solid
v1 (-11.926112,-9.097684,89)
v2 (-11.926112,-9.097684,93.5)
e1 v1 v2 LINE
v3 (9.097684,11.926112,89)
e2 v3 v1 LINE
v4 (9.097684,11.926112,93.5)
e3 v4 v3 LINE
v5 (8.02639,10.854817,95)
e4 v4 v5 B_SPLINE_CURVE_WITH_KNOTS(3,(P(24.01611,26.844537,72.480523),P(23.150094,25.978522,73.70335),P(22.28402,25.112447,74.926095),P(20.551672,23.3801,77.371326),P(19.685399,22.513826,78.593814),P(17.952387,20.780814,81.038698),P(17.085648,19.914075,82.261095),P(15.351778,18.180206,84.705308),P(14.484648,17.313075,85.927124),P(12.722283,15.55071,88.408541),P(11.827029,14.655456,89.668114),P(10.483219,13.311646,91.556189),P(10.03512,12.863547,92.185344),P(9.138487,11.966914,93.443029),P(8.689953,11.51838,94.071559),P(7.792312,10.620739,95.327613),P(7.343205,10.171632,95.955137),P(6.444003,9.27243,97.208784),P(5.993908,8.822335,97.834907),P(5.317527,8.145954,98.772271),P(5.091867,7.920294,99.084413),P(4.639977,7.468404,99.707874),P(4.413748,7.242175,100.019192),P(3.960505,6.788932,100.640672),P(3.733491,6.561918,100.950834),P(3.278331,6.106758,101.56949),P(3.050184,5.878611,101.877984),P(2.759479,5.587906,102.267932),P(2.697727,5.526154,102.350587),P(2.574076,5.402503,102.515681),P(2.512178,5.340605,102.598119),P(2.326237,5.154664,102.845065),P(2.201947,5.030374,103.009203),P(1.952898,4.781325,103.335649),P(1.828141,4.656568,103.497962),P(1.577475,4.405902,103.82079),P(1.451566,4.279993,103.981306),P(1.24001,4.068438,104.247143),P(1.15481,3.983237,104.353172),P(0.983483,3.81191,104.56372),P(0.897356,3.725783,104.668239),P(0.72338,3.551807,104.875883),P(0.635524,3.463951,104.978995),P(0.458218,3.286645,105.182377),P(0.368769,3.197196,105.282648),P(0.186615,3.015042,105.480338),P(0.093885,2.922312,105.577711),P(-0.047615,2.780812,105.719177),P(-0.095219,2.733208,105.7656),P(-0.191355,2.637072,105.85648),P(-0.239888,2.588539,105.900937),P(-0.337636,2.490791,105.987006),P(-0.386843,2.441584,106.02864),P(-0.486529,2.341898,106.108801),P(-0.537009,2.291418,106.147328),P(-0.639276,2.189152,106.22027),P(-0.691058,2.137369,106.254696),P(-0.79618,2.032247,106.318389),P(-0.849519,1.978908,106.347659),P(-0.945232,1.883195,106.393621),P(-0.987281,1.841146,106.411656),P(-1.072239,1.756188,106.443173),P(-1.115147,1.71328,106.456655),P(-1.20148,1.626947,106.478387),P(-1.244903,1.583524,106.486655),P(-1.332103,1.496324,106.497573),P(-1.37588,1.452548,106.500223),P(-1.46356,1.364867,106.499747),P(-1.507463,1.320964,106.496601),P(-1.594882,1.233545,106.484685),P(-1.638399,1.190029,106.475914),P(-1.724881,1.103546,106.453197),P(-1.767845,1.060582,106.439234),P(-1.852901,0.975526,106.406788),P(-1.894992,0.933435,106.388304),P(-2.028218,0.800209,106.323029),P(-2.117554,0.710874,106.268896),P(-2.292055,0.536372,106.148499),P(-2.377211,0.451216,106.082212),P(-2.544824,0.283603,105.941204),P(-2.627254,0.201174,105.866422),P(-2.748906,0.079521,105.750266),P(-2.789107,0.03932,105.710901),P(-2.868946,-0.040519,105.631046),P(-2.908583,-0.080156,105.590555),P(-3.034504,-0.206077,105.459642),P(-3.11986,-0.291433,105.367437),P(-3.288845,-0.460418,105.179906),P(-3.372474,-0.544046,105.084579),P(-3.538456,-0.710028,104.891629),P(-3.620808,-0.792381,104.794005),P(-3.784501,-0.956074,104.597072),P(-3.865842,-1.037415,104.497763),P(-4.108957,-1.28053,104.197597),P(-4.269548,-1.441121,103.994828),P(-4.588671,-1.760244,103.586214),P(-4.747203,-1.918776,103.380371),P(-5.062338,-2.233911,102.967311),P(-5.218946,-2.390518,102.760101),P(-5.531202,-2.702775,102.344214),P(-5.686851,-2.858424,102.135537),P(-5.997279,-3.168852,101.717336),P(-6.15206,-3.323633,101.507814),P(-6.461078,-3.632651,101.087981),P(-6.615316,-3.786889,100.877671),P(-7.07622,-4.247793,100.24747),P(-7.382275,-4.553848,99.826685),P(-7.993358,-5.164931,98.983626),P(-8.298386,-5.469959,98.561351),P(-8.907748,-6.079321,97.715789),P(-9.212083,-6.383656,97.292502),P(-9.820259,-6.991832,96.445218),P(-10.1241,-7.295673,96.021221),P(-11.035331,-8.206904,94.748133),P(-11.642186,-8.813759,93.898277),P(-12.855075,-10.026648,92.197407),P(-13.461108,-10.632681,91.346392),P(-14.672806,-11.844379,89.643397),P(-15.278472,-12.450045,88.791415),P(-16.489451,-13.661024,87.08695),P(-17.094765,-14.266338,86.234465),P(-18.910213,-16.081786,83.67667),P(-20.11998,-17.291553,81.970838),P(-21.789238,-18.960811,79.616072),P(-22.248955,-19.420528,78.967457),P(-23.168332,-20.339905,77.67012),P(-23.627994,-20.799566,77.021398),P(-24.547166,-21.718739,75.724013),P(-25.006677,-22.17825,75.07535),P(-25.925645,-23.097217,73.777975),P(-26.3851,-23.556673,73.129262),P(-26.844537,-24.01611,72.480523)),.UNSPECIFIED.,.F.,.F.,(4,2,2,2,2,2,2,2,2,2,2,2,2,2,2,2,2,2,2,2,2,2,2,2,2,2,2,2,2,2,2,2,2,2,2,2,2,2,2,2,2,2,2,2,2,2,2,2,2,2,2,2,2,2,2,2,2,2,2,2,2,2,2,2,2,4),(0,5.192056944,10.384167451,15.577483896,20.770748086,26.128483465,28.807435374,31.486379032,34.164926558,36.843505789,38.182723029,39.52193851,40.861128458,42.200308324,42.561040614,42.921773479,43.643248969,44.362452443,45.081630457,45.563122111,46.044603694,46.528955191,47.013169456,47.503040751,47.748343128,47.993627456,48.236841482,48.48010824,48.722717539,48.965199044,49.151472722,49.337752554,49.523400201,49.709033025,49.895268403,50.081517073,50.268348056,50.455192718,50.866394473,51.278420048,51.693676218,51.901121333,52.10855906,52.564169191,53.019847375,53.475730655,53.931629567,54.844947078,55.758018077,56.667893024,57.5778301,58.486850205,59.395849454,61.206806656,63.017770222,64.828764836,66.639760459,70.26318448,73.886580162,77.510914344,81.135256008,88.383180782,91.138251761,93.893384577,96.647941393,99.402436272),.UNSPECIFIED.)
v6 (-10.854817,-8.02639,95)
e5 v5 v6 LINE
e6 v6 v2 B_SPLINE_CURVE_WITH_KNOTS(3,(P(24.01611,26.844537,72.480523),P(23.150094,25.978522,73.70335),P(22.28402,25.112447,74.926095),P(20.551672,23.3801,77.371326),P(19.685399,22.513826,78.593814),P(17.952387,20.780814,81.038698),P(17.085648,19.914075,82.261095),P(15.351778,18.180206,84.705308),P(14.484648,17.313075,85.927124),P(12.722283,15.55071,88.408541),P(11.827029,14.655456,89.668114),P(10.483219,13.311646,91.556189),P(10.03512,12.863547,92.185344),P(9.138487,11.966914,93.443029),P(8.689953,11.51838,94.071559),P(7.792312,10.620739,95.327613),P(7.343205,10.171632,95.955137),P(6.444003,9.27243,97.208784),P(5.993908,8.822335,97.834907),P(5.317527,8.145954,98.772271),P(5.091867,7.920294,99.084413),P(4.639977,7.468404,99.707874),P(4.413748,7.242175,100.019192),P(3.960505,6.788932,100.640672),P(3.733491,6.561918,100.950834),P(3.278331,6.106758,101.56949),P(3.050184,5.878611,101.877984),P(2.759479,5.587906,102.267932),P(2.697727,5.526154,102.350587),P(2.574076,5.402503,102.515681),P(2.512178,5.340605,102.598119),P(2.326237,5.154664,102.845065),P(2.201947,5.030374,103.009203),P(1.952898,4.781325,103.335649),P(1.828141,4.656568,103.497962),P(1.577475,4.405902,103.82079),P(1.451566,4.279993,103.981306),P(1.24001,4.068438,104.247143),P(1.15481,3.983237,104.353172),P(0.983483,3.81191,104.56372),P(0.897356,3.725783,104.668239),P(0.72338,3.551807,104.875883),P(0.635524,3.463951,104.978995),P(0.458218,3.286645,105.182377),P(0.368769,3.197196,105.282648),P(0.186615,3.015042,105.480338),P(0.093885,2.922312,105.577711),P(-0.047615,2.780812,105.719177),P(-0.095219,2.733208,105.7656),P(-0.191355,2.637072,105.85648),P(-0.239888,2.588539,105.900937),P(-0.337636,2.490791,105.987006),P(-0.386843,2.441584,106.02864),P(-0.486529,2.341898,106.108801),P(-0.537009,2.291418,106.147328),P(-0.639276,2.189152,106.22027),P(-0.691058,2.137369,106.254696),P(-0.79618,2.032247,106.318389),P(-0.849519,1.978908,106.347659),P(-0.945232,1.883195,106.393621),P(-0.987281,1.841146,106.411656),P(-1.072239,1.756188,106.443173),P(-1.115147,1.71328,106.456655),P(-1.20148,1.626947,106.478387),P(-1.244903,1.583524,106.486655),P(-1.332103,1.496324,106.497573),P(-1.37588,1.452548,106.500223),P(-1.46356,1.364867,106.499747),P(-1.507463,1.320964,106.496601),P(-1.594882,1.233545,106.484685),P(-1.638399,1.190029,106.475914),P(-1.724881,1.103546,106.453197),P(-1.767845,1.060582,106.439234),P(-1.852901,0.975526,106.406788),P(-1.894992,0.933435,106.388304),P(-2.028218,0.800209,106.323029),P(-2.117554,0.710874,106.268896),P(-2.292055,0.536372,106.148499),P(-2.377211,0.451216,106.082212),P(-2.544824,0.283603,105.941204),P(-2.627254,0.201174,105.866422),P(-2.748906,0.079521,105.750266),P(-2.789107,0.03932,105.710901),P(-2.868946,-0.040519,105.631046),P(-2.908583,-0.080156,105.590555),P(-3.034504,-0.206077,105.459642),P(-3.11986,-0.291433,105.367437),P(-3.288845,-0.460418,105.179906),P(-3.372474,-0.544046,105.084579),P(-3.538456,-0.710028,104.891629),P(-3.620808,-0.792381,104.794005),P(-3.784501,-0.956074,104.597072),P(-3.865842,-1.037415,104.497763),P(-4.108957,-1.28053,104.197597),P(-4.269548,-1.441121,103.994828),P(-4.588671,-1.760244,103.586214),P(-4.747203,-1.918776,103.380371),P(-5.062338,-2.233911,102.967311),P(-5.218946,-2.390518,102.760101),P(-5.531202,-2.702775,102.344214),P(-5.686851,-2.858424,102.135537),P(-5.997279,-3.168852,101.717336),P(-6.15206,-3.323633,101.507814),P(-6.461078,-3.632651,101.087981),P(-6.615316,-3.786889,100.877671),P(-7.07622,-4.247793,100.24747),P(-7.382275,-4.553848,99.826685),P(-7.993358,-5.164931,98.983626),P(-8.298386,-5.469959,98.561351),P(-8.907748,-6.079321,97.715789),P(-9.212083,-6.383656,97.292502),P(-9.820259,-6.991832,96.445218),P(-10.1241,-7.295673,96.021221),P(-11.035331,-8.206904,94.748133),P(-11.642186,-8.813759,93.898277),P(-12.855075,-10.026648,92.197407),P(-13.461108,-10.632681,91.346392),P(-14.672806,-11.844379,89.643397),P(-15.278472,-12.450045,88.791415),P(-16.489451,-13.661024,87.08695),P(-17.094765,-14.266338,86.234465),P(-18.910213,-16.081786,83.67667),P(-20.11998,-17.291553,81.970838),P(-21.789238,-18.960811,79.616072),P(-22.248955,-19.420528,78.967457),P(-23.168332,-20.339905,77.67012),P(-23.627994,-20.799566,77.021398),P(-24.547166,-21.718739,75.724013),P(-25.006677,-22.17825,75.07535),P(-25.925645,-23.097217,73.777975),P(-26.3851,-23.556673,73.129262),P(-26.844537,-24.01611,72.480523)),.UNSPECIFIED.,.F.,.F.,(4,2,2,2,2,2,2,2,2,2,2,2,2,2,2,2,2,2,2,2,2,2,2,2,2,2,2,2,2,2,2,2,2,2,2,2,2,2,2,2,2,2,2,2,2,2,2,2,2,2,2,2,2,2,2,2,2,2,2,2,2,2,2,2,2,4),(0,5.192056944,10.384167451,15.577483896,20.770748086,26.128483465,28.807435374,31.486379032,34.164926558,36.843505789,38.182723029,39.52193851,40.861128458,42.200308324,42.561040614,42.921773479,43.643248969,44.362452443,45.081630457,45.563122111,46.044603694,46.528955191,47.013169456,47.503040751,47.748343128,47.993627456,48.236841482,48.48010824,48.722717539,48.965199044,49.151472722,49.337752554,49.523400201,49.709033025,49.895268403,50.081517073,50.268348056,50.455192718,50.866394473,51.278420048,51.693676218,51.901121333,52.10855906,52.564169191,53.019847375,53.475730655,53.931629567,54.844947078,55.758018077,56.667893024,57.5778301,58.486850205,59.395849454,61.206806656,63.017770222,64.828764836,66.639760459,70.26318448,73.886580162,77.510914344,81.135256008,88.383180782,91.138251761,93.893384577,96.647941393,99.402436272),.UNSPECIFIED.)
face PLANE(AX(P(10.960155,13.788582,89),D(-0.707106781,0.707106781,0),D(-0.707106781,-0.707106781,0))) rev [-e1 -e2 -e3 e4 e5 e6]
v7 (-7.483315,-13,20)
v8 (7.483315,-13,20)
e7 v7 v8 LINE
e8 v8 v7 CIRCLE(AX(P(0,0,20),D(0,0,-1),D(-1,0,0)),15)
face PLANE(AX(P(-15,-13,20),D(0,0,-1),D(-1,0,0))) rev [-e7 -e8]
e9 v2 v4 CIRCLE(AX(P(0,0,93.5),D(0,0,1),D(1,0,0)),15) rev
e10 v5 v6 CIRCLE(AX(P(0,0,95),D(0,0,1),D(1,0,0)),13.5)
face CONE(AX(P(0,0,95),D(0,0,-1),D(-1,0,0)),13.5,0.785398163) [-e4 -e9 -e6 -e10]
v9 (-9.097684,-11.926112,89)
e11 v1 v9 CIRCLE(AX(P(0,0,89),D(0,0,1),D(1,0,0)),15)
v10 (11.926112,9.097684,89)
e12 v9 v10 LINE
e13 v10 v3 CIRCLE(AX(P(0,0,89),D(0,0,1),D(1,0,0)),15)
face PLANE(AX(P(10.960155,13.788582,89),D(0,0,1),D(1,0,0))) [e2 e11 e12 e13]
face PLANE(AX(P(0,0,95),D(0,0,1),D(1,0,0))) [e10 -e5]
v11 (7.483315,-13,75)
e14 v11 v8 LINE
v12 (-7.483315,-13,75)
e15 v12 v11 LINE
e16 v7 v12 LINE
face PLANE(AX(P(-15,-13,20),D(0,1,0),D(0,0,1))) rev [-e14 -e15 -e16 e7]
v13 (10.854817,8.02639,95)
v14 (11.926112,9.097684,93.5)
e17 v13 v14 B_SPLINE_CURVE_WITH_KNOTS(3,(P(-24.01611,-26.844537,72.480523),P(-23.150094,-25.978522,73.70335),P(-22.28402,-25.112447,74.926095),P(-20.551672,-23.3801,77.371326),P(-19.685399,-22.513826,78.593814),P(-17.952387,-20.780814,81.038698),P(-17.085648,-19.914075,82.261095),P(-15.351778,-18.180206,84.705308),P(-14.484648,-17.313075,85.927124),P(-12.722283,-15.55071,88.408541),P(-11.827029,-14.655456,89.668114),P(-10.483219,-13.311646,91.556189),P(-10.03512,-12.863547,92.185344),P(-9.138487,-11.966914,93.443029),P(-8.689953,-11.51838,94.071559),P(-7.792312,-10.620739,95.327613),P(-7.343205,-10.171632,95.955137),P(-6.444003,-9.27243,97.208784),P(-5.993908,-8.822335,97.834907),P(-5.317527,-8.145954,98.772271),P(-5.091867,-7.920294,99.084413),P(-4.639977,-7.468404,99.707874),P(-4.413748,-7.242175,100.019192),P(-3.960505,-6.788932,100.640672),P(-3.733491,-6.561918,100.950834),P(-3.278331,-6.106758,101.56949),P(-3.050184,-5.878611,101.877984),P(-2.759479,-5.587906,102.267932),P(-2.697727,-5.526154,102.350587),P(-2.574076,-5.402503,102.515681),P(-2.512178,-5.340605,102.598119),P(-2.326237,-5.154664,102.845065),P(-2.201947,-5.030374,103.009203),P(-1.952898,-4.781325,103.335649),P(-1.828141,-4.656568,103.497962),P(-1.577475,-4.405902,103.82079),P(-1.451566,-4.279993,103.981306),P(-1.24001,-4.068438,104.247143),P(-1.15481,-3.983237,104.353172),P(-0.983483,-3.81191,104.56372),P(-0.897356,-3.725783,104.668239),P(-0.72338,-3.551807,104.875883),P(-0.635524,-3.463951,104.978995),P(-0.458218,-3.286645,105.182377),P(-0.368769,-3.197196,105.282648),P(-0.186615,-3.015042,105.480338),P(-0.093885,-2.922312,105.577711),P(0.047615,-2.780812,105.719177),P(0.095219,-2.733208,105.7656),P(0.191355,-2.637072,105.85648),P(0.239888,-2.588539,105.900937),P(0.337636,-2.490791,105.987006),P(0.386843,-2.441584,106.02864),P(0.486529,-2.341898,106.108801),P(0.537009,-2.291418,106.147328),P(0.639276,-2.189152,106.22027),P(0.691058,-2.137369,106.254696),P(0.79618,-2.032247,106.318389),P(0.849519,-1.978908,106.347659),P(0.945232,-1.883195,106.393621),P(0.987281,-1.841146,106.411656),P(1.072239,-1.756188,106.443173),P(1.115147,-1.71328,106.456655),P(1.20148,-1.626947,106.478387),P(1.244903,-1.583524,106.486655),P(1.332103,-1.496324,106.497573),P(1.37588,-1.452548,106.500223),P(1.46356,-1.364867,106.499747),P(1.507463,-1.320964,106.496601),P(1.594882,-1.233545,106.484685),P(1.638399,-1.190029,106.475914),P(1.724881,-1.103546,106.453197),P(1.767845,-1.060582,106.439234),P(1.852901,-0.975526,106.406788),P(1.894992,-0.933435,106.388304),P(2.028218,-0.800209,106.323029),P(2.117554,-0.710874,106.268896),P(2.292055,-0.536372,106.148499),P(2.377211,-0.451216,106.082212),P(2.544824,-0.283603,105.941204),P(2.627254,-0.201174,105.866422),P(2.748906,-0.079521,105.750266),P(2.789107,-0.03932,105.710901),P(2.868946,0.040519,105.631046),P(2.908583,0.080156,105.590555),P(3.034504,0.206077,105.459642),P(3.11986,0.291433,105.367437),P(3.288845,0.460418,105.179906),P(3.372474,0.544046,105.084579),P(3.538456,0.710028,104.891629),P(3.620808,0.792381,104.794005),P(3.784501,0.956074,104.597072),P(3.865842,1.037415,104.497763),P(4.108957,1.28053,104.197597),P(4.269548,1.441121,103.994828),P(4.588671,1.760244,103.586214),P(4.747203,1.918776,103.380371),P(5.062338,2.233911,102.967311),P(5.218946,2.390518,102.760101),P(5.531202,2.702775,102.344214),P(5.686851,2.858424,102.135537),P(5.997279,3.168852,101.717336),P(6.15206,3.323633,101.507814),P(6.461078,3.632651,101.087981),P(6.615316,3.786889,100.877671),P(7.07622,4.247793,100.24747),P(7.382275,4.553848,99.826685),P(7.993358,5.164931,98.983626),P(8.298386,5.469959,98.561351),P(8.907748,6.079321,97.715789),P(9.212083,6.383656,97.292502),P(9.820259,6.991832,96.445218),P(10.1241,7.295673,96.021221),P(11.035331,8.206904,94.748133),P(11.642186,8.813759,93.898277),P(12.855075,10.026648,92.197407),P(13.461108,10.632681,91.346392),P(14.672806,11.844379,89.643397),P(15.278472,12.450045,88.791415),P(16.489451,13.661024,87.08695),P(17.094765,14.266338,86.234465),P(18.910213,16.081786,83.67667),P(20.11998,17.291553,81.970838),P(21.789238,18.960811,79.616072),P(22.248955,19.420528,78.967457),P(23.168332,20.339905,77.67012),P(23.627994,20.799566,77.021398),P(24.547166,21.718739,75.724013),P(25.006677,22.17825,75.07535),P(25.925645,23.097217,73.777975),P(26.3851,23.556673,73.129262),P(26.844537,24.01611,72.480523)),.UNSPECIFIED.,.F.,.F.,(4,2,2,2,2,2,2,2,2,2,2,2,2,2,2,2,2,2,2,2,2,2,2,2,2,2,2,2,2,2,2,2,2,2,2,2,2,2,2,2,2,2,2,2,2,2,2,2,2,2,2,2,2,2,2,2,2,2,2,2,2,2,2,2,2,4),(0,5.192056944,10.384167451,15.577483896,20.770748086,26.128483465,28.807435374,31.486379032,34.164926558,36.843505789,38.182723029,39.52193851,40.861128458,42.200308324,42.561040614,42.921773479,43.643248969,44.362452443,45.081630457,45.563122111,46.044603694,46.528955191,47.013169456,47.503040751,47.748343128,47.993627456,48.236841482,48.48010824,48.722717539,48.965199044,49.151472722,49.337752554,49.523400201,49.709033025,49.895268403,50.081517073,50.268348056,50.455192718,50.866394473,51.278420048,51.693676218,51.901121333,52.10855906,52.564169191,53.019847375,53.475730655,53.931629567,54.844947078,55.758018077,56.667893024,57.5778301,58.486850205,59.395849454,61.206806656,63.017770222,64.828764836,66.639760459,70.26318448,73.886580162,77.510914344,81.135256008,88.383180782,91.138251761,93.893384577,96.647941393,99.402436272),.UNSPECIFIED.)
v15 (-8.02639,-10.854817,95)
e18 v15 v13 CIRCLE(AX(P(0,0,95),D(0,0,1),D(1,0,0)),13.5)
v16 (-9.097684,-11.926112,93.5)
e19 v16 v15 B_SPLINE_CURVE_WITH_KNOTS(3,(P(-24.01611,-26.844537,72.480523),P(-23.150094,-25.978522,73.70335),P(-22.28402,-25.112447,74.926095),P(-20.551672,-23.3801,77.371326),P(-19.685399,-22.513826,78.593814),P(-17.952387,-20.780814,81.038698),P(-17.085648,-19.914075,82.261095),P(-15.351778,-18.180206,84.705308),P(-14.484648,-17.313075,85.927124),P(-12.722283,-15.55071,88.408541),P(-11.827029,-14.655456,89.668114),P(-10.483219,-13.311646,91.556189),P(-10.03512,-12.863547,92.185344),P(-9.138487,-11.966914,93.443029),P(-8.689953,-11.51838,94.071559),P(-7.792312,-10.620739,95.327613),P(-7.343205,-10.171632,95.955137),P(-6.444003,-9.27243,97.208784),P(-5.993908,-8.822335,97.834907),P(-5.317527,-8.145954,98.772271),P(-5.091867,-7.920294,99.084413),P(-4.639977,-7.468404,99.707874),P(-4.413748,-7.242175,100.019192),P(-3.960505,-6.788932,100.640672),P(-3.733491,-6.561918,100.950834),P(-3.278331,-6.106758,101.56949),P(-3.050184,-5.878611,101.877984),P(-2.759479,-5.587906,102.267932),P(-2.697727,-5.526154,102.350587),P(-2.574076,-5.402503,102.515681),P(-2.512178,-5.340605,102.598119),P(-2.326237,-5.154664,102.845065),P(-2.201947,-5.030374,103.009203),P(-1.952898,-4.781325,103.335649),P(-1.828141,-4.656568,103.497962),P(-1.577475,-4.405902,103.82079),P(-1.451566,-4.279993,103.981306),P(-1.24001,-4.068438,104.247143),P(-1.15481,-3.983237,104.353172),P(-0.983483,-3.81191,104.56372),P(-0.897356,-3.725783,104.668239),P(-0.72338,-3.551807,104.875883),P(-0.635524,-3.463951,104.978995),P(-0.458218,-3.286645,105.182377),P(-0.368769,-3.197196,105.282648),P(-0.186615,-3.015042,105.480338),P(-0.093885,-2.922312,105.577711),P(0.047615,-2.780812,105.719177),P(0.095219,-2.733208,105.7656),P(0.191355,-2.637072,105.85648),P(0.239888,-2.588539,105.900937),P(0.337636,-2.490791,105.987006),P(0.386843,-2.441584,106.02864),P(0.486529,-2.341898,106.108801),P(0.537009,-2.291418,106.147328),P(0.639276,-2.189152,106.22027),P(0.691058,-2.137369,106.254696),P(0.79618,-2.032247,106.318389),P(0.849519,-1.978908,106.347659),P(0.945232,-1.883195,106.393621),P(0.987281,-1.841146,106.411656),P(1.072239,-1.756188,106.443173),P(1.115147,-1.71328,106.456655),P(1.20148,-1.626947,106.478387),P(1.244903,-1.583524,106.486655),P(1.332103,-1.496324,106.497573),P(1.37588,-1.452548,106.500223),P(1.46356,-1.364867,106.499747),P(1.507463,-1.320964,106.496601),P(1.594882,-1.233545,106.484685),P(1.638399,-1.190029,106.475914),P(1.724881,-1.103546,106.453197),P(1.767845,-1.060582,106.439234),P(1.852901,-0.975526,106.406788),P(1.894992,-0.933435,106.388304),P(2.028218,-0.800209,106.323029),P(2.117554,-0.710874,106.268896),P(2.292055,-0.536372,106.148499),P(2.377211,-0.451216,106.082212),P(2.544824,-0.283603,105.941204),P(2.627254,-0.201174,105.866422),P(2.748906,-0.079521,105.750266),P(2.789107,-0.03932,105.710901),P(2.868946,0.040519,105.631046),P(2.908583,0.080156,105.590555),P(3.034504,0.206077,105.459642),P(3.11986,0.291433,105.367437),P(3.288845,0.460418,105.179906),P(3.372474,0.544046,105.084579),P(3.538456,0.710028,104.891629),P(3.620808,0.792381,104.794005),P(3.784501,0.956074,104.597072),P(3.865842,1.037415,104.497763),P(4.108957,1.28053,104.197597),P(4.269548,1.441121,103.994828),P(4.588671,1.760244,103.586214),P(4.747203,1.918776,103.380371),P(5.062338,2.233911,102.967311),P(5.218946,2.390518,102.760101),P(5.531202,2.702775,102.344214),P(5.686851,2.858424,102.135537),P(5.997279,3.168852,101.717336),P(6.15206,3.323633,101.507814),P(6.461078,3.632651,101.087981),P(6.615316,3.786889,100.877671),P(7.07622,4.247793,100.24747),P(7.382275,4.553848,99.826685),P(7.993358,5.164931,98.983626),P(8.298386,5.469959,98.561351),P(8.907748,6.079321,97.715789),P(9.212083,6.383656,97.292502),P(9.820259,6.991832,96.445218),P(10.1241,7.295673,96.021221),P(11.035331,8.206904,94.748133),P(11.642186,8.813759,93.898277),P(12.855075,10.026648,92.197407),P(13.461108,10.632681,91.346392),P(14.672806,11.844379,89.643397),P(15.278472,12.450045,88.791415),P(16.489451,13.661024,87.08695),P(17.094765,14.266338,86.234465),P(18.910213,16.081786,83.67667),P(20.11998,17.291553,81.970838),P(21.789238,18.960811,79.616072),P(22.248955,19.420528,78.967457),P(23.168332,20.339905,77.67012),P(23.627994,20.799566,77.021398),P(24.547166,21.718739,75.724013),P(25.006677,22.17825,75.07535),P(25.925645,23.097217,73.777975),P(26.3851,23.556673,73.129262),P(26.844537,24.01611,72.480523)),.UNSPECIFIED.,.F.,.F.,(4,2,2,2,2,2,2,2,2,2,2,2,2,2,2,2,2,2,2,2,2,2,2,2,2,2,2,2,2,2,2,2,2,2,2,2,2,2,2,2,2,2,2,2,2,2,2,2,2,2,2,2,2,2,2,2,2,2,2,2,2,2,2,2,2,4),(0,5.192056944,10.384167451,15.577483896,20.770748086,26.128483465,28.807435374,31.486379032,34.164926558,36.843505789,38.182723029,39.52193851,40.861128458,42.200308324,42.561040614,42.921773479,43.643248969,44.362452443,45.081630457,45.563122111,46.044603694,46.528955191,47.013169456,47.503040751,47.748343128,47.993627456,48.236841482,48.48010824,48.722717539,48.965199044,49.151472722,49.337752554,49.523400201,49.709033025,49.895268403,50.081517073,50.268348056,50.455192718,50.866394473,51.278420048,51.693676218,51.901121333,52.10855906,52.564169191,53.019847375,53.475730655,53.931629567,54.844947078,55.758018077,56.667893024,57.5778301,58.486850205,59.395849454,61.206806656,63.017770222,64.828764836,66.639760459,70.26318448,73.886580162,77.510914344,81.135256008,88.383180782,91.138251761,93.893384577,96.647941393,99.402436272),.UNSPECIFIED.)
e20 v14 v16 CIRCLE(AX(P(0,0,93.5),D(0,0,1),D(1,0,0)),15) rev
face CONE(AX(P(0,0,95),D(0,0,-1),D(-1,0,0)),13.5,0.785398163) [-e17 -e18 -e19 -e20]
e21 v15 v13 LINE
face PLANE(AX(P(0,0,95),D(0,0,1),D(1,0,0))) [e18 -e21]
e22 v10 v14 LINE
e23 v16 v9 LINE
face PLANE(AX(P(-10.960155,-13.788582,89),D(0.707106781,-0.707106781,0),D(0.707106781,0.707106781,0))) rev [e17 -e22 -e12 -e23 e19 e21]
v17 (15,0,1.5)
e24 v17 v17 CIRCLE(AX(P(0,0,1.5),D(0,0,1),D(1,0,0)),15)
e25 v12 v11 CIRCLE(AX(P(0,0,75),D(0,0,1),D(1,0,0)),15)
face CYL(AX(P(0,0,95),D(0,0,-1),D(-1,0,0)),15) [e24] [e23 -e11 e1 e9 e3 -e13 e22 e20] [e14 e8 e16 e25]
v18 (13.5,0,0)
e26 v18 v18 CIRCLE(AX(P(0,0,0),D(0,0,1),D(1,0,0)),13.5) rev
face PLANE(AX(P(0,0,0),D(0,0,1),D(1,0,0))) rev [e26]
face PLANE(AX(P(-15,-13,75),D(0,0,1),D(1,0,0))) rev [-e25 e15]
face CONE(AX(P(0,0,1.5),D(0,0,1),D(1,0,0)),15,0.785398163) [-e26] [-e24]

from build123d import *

# Parameters (mm, degrees)
ESQUISSE1_R          = 15
BASE_EXTRUSION_DEPTH = 95
CHANFREIN1_SIZE      = 1.5
ESQUISSE2_W          = 55
ESQUISSE2_H          = 5
M_PLAT_DEPTH         = 101.747208398
RAINURE_DEPTH        = 6


with BuildPart() as part:
    # Esquisse1 → Base-Extrusion (new body)
    with BuildSketch(Plane.XY):
        Circle(ESQUISSE1_R)
    extrude(amount=BASE_EXTRUSION_DEPTH)

    # Chanfrein1
    chanfrein1_edges = [part.edges().sort_by_distance(p)[0] for p in [
        (-15, 0, 0),
        (-15, 0, 95),
    ]]
    chamfer(chanfrein1_edges, length=CHANFREIN1_SIZE)

    # Esquisse2 → Méplat (cut, through all)
    with BuildSketch(Plane(origin=(15, 0, 0), x_dir=(0, 0, -1), z_dir=(1, 0, 0))):
        with Locations((-47.5, -15.5)):
            Rectangle(ESQUISSE2_W, ESQUISSE2_H)
    extrude(amount=-M_PLAT_DEPTH, mode=Mode.SUBTRACT)

    # Esquisse3 → Rainure (cut)
    with BuildSketch(Plane.XY.offset(95)):
        Polygon((-10.960155108, -13.788582233), (13.788582233, 10.960155108), (10.960155108, 13.788582233), (-13.788582233, -10.960155108), align=None)
    extrude(amount=-RAINURE_DEPTH, mode=Mode.SUBTRACT)


solid = part.part
